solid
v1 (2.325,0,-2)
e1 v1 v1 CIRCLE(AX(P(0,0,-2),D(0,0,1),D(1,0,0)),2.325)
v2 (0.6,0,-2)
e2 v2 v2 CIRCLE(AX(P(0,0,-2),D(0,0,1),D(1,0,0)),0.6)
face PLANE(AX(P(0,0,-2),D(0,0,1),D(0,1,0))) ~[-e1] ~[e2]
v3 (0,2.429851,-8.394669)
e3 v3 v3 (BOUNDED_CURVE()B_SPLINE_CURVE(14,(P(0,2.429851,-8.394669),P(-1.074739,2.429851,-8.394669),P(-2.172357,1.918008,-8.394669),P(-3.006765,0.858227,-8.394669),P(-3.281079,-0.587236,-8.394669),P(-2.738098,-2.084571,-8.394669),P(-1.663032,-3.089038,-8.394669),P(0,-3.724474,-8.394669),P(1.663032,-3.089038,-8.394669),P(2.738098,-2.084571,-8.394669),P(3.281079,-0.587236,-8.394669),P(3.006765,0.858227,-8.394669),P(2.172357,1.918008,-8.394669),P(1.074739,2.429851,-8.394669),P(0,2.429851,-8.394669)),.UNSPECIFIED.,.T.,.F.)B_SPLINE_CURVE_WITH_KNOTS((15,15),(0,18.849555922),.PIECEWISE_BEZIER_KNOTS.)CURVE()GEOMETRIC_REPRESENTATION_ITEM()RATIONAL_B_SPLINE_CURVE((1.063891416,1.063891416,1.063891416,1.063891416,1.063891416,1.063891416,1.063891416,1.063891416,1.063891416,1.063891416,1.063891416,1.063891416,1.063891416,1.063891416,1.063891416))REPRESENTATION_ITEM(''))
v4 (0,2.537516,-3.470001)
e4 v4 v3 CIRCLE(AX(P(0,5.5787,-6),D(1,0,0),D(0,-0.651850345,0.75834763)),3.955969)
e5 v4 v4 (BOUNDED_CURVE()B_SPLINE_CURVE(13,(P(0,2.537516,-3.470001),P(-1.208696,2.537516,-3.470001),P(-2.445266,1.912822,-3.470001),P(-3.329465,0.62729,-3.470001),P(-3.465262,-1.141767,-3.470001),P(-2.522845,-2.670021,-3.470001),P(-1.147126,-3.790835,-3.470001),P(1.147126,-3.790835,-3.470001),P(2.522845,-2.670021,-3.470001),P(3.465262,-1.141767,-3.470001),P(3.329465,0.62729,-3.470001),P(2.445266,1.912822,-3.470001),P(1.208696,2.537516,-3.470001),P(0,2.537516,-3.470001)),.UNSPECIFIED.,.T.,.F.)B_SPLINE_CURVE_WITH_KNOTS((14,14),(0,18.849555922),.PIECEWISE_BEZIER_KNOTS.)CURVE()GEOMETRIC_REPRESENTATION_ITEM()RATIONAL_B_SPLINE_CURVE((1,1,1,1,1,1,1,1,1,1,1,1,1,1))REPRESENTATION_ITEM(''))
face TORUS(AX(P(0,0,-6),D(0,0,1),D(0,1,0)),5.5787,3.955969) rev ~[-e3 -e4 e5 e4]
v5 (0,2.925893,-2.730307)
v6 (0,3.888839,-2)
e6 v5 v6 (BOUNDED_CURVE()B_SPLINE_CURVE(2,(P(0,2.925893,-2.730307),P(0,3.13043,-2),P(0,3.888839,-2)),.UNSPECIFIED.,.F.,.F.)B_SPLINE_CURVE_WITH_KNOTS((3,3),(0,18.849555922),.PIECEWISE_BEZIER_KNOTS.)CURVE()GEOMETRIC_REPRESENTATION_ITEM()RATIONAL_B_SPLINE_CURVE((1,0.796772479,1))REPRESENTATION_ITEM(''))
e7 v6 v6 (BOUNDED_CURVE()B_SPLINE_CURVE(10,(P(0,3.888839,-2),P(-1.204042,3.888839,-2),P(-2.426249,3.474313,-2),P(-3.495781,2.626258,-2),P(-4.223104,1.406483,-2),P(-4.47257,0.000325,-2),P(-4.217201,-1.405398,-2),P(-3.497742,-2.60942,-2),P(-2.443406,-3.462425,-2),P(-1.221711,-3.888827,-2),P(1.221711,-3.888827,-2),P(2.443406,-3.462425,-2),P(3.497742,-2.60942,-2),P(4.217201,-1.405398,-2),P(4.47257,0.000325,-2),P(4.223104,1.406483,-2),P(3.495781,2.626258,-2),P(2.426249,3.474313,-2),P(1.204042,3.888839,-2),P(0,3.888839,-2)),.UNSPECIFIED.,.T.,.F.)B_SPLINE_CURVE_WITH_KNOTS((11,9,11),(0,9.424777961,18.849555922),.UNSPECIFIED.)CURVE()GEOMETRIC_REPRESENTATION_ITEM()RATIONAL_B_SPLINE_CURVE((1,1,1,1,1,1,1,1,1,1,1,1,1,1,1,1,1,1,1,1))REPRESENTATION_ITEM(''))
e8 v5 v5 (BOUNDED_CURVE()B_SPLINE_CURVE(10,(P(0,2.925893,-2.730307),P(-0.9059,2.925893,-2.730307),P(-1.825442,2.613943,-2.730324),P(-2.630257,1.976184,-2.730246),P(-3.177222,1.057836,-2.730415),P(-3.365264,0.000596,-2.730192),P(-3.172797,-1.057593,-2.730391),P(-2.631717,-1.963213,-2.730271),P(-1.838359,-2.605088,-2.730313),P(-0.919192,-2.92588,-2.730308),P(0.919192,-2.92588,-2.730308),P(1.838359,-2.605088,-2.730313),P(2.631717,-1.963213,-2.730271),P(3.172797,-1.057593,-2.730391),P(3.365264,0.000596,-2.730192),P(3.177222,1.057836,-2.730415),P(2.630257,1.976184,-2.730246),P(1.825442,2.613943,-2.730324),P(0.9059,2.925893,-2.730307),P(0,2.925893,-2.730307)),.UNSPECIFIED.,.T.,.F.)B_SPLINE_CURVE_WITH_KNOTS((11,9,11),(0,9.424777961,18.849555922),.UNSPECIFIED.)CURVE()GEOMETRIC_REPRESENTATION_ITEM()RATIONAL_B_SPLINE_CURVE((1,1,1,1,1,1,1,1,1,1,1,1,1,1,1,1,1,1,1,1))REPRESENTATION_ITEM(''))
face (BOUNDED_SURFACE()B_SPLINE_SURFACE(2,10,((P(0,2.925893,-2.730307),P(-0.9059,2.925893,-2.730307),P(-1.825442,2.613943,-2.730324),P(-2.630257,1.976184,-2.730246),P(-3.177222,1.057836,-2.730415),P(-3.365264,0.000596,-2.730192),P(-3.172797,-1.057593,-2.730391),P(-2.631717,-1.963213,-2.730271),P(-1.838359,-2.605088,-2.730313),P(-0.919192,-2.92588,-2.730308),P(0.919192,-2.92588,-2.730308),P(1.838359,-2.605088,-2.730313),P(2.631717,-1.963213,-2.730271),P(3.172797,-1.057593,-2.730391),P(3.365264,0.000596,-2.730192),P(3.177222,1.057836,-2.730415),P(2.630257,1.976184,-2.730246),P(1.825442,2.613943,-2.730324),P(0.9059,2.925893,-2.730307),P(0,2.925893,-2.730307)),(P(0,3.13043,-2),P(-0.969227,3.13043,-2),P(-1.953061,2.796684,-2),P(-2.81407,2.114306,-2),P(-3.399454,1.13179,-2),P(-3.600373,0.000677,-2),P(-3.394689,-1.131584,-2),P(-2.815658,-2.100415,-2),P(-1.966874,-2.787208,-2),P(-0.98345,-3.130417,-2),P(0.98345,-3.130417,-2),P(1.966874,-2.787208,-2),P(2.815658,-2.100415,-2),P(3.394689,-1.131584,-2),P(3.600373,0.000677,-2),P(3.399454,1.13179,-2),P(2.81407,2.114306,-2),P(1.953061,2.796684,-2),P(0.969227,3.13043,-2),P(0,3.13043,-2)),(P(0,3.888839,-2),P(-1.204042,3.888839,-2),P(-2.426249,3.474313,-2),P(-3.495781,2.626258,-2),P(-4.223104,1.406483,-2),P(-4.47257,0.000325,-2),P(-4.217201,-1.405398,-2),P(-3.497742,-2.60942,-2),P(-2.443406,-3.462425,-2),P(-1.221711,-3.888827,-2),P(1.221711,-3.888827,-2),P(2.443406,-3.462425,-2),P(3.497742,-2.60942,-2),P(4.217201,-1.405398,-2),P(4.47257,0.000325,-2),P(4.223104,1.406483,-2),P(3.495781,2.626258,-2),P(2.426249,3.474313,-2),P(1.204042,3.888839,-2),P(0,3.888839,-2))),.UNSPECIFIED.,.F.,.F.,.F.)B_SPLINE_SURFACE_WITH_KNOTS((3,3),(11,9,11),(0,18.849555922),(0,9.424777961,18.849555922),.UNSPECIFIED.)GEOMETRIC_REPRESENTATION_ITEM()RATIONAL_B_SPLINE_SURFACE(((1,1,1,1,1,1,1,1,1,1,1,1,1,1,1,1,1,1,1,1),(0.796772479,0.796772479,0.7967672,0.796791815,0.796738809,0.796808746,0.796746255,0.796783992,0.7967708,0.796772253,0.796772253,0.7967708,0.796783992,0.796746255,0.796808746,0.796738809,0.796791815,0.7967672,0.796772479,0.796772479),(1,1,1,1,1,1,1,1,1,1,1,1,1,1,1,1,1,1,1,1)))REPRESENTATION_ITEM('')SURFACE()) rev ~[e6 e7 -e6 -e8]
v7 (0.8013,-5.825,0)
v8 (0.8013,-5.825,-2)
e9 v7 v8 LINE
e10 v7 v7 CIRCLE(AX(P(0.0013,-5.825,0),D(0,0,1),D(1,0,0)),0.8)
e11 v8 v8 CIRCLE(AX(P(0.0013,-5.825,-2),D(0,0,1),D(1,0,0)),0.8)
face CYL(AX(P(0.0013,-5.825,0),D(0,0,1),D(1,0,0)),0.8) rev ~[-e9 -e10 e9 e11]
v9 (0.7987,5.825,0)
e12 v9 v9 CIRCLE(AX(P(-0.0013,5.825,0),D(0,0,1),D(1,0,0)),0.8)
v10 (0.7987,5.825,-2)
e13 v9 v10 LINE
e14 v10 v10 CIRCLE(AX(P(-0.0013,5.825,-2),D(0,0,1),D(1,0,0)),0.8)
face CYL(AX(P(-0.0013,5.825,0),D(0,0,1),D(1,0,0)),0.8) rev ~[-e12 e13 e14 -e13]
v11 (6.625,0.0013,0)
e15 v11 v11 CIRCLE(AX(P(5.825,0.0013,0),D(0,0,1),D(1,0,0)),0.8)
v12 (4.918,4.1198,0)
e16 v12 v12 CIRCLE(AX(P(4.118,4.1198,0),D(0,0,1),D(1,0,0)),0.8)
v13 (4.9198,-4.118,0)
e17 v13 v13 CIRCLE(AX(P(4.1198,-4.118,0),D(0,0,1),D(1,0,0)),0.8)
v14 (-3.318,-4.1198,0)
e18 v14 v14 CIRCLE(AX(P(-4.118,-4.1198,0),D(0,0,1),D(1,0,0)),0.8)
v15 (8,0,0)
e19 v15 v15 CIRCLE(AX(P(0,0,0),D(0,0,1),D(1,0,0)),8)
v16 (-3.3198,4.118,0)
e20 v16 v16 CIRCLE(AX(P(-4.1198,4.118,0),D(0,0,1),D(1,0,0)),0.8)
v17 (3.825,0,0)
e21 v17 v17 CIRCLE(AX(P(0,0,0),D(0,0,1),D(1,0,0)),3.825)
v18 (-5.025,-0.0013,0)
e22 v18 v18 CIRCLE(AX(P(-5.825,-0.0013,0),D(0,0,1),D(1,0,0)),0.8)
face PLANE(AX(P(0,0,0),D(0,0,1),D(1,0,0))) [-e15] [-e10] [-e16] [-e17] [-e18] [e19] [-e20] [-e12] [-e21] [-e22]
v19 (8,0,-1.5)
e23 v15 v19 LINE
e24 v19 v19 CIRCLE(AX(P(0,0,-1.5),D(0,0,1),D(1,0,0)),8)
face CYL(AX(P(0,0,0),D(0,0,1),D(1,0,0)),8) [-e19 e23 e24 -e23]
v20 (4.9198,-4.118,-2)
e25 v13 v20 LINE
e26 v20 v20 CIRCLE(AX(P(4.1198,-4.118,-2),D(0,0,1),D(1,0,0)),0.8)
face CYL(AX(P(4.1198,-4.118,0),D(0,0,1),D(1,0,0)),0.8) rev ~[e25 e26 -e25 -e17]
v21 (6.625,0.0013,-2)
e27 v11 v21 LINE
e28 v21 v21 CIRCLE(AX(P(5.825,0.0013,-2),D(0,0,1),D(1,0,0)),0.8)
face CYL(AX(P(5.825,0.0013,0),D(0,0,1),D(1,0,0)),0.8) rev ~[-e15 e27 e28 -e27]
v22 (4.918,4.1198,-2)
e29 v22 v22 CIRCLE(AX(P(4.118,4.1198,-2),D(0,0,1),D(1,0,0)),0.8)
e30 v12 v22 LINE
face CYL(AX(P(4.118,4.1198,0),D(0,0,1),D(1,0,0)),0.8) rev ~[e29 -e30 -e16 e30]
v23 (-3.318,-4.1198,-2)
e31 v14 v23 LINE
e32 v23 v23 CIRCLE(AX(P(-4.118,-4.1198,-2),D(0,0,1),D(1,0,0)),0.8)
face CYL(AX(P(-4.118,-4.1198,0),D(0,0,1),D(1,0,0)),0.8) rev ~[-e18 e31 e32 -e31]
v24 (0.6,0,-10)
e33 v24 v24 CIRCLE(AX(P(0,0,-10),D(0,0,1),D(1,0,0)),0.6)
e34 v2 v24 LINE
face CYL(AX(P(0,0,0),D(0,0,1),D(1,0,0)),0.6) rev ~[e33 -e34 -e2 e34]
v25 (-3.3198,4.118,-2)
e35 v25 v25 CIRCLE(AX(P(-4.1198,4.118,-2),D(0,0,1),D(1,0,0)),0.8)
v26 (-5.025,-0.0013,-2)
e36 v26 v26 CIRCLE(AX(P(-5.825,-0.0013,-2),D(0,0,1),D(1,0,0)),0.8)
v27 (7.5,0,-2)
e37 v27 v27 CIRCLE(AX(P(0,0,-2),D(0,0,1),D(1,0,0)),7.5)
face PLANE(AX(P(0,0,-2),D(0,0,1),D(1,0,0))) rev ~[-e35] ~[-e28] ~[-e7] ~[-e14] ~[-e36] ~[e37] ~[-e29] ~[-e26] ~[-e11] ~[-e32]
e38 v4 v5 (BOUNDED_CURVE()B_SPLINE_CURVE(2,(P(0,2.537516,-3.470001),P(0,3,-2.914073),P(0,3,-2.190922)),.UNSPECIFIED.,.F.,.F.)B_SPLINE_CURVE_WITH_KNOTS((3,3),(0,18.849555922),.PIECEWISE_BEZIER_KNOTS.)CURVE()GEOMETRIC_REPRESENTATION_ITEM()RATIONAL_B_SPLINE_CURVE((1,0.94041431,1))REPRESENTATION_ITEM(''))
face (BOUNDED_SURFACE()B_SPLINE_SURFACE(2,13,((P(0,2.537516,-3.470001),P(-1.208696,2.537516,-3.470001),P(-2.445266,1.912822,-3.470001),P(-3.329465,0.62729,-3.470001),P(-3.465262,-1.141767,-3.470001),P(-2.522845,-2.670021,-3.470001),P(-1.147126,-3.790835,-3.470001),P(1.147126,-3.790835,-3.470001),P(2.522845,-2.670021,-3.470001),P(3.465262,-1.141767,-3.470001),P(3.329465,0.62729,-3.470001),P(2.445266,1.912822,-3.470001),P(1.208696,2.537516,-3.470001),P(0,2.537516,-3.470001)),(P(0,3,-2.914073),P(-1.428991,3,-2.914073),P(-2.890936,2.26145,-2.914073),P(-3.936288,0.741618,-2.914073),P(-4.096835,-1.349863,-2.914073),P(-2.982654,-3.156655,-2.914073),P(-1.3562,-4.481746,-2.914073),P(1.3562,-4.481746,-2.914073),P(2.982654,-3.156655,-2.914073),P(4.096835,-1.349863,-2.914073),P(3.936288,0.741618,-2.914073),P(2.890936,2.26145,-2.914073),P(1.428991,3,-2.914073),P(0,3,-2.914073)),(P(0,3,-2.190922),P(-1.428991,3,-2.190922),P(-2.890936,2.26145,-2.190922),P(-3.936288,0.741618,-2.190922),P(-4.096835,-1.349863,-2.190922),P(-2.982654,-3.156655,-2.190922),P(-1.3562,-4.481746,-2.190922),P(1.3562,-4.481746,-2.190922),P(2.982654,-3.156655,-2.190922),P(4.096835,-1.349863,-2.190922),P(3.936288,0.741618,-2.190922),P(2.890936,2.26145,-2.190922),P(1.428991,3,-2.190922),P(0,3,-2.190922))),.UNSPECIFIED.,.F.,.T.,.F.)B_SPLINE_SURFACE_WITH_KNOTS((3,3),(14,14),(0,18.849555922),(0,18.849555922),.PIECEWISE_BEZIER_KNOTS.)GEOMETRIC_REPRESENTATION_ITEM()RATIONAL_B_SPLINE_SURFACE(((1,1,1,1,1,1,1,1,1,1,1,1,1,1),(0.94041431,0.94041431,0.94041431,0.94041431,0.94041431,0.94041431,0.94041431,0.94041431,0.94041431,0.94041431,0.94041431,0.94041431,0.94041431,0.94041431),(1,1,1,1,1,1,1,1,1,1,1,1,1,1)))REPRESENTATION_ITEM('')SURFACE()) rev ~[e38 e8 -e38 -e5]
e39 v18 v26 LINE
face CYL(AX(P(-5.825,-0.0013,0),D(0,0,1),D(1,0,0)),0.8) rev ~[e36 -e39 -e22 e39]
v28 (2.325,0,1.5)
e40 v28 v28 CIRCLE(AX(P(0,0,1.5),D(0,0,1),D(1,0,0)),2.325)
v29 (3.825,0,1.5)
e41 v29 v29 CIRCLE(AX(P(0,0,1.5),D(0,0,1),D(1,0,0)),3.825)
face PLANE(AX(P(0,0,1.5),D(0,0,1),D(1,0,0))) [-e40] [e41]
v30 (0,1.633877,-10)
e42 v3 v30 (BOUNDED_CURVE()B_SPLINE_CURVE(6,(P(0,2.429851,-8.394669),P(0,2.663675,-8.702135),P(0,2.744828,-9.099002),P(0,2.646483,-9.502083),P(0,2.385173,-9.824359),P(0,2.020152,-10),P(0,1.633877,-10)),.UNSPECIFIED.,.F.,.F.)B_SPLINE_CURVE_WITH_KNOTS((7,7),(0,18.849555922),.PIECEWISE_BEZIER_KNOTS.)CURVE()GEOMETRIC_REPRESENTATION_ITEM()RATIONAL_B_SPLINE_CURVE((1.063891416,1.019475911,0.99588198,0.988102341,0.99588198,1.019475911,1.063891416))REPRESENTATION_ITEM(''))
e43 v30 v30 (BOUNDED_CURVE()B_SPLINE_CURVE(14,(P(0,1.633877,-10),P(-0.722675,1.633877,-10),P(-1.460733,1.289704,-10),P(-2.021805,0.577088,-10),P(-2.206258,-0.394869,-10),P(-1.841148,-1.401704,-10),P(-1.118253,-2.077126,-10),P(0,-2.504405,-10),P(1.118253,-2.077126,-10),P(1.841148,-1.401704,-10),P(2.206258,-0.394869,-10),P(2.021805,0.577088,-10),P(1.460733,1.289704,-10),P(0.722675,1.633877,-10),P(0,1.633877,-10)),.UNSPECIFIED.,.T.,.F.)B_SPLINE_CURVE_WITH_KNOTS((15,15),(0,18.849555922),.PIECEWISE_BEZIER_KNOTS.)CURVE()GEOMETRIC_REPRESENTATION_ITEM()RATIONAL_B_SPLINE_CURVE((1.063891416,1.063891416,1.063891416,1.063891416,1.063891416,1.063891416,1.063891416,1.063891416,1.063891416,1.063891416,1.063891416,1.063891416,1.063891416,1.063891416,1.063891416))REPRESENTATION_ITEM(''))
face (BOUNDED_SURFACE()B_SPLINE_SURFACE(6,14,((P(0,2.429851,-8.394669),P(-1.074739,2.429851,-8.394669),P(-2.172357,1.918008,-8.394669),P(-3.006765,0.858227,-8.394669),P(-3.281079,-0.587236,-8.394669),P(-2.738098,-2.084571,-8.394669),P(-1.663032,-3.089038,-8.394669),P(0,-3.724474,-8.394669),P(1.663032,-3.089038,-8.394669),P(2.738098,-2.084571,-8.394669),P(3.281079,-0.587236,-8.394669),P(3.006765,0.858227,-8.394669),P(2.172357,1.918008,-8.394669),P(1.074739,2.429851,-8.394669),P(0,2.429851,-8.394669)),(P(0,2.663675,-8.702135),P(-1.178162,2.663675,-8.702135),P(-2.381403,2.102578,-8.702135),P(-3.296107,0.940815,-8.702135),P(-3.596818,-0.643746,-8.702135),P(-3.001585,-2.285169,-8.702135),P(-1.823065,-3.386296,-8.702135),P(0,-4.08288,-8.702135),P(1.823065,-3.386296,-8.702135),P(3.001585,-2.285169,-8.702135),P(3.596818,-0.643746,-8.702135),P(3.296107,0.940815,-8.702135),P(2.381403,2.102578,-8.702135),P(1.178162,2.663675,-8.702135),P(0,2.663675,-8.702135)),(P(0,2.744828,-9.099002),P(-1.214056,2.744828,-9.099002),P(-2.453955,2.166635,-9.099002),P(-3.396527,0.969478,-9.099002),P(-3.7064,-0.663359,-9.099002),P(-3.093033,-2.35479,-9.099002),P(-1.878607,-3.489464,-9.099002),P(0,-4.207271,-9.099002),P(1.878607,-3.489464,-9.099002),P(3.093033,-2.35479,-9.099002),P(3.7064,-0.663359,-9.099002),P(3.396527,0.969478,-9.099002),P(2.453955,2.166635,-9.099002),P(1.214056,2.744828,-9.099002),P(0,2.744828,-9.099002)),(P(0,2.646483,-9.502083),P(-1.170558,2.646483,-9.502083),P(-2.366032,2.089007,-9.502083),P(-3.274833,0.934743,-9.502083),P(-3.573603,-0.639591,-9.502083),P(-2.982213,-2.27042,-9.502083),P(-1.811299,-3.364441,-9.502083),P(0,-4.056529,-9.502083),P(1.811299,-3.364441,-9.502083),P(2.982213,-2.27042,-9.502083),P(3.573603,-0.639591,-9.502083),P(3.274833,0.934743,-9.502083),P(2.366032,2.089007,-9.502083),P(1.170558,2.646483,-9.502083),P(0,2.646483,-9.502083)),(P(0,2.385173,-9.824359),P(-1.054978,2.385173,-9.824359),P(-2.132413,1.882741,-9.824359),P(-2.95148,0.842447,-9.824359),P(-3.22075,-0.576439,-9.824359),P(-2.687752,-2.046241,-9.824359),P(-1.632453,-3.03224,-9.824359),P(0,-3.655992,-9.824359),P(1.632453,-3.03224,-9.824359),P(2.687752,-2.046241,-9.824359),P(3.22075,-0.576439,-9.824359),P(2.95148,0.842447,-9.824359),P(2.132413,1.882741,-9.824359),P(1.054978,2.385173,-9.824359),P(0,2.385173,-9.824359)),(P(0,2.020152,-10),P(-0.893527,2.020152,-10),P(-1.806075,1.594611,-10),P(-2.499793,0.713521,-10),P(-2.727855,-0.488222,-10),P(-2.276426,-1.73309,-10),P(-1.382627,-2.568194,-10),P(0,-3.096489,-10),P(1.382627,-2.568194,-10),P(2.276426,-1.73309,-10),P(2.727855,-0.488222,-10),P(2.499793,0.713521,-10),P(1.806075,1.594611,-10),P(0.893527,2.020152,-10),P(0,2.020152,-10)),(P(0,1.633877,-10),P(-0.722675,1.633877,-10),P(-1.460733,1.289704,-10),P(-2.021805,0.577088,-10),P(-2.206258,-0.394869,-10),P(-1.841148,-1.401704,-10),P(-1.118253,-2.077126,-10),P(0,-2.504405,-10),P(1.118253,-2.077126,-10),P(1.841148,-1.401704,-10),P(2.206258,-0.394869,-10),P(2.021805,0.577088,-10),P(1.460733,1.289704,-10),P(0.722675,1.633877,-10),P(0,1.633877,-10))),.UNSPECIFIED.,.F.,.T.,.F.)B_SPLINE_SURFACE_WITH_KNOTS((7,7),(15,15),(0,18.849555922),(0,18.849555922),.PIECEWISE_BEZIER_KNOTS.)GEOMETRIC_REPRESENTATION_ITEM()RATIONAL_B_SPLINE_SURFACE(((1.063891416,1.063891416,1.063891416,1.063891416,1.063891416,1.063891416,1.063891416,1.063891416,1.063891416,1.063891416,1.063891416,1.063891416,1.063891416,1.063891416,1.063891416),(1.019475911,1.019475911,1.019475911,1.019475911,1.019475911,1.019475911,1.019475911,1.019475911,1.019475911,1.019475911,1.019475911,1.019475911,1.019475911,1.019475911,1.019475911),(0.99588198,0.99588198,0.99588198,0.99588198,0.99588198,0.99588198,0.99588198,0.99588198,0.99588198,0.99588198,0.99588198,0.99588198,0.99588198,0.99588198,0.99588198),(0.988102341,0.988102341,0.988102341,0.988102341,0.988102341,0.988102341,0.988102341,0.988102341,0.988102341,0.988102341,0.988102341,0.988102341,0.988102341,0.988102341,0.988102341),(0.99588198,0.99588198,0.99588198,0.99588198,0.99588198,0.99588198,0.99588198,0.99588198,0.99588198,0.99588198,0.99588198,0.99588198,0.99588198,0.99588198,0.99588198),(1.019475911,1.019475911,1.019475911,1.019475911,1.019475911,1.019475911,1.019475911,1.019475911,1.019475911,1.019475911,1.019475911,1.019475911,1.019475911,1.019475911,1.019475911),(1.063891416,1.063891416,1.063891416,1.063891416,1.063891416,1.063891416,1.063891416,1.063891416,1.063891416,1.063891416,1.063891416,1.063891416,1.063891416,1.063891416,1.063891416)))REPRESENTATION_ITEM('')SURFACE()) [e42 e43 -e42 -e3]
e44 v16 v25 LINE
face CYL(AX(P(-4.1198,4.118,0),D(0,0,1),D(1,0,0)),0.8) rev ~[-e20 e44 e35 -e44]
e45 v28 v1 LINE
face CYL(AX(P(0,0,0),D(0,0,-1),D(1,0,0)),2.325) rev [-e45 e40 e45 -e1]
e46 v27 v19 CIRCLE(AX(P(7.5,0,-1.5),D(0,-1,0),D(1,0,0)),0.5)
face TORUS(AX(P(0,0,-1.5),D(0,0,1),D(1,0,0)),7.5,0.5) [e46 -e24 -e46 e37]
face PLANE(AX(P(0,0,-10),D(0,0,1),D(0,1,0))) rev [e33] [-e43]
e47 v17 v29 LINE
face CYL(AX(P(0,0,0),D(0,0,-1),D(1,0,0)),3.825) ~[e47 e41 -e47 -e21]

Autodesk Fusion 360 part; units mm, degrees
sketch "Sketch1" plane through (0, 0, 0) normal (0, 0, 1) x (1, 0, 0)
  circle A0 centre (0, 0) radius 0.6
  circle A1 centre (0, 0) radius 8
  circle A2 centre (0, 0) radius 2.325
  circle A3 centre (0, 0) radius 3.825
  line L0 (3.825, 0.0013) -> (5.825, 0.0013) construction
  circle A4 centre (5.825, 0.0013) radius 0.8
  circle A5 centre (4.118, 4.1198) radius 0.8
  circle A6 centre (-0.0013, 5.825) radius 0.8
  circle A7 centre (-4.1198, 4.118) radius 0.8
  circle A8 centre (-5.825, -0.0013) radius 0.8
  circle A9 centre (-4.118, -4.1198) radius 0.8
  circle A10 centre (0.0013, -5.825) radius 0.8
  circle A11 centre (4.1198, -4.118) radius 0.8
  dimension "d1" = 1.2
  dimension "d2" = 16
  dimension "d3" = 4.65
  dimension "d4" = 7.65
  dimension "d5" = 2
  dimension "d6" = 1.6
  dimension "d8" = 360
extrude "Extrude1" add sketch "Sketch1" against normal blind 2 contours A1 | A3
extrude "Extrude2" add sketch "Sketch1" along normal blind 1.5 contours A3
sketch "Sketch2" plane through (0, 0, 0) normal (1, 0, 0) x (0, 1, 0)
  line L0 (0, 0) -> (0, -10)
  line L1 (0, -10) -> (3, -10)
  line L2 (0, -2) -> (3, -2)
  line L3 (3, -10) -> (3, -9)
  line L4 (3, -2) -> (3, -3)
  arc A0 (3, -3) -> (3, -9) centre (5.5787, -6) ccw
  dimension "d13" = 10
  dimension "d14" = 3
  dimension "d24" = 1
  dimension "d25" = 1
revolve "Revolve2" add sketch "Sketch2" angle 360 about axis through (0, 0, 1.75) along (0, 0, 1)
fillet "Fillet4" radius 2 1 edges at (-2.797, 1.0848, -9)
fillet "Fillet5" radius 2 1 edges at (-2.797, 1.0848, -3)
fillet "Fillet6" radius 1 1 edges at (-2.797, 1.0848, -10)
extrude "Extrude3" cut sketch "Sketch1" against normal blind 11 contours A0
fillet "Fillet8" radius 1 1 edges at (1.0848, -2.797, -2)
fillet "Fillet9" radius 0.5 1 edges at (-7.4586, 2.8929, -2)
revolve "Revolve1" [suppressed]
fillet "Fillet1" [suppressed]
fillet "Fillet2" [suppressed]
fillet "Fillet3" [suppressed]
